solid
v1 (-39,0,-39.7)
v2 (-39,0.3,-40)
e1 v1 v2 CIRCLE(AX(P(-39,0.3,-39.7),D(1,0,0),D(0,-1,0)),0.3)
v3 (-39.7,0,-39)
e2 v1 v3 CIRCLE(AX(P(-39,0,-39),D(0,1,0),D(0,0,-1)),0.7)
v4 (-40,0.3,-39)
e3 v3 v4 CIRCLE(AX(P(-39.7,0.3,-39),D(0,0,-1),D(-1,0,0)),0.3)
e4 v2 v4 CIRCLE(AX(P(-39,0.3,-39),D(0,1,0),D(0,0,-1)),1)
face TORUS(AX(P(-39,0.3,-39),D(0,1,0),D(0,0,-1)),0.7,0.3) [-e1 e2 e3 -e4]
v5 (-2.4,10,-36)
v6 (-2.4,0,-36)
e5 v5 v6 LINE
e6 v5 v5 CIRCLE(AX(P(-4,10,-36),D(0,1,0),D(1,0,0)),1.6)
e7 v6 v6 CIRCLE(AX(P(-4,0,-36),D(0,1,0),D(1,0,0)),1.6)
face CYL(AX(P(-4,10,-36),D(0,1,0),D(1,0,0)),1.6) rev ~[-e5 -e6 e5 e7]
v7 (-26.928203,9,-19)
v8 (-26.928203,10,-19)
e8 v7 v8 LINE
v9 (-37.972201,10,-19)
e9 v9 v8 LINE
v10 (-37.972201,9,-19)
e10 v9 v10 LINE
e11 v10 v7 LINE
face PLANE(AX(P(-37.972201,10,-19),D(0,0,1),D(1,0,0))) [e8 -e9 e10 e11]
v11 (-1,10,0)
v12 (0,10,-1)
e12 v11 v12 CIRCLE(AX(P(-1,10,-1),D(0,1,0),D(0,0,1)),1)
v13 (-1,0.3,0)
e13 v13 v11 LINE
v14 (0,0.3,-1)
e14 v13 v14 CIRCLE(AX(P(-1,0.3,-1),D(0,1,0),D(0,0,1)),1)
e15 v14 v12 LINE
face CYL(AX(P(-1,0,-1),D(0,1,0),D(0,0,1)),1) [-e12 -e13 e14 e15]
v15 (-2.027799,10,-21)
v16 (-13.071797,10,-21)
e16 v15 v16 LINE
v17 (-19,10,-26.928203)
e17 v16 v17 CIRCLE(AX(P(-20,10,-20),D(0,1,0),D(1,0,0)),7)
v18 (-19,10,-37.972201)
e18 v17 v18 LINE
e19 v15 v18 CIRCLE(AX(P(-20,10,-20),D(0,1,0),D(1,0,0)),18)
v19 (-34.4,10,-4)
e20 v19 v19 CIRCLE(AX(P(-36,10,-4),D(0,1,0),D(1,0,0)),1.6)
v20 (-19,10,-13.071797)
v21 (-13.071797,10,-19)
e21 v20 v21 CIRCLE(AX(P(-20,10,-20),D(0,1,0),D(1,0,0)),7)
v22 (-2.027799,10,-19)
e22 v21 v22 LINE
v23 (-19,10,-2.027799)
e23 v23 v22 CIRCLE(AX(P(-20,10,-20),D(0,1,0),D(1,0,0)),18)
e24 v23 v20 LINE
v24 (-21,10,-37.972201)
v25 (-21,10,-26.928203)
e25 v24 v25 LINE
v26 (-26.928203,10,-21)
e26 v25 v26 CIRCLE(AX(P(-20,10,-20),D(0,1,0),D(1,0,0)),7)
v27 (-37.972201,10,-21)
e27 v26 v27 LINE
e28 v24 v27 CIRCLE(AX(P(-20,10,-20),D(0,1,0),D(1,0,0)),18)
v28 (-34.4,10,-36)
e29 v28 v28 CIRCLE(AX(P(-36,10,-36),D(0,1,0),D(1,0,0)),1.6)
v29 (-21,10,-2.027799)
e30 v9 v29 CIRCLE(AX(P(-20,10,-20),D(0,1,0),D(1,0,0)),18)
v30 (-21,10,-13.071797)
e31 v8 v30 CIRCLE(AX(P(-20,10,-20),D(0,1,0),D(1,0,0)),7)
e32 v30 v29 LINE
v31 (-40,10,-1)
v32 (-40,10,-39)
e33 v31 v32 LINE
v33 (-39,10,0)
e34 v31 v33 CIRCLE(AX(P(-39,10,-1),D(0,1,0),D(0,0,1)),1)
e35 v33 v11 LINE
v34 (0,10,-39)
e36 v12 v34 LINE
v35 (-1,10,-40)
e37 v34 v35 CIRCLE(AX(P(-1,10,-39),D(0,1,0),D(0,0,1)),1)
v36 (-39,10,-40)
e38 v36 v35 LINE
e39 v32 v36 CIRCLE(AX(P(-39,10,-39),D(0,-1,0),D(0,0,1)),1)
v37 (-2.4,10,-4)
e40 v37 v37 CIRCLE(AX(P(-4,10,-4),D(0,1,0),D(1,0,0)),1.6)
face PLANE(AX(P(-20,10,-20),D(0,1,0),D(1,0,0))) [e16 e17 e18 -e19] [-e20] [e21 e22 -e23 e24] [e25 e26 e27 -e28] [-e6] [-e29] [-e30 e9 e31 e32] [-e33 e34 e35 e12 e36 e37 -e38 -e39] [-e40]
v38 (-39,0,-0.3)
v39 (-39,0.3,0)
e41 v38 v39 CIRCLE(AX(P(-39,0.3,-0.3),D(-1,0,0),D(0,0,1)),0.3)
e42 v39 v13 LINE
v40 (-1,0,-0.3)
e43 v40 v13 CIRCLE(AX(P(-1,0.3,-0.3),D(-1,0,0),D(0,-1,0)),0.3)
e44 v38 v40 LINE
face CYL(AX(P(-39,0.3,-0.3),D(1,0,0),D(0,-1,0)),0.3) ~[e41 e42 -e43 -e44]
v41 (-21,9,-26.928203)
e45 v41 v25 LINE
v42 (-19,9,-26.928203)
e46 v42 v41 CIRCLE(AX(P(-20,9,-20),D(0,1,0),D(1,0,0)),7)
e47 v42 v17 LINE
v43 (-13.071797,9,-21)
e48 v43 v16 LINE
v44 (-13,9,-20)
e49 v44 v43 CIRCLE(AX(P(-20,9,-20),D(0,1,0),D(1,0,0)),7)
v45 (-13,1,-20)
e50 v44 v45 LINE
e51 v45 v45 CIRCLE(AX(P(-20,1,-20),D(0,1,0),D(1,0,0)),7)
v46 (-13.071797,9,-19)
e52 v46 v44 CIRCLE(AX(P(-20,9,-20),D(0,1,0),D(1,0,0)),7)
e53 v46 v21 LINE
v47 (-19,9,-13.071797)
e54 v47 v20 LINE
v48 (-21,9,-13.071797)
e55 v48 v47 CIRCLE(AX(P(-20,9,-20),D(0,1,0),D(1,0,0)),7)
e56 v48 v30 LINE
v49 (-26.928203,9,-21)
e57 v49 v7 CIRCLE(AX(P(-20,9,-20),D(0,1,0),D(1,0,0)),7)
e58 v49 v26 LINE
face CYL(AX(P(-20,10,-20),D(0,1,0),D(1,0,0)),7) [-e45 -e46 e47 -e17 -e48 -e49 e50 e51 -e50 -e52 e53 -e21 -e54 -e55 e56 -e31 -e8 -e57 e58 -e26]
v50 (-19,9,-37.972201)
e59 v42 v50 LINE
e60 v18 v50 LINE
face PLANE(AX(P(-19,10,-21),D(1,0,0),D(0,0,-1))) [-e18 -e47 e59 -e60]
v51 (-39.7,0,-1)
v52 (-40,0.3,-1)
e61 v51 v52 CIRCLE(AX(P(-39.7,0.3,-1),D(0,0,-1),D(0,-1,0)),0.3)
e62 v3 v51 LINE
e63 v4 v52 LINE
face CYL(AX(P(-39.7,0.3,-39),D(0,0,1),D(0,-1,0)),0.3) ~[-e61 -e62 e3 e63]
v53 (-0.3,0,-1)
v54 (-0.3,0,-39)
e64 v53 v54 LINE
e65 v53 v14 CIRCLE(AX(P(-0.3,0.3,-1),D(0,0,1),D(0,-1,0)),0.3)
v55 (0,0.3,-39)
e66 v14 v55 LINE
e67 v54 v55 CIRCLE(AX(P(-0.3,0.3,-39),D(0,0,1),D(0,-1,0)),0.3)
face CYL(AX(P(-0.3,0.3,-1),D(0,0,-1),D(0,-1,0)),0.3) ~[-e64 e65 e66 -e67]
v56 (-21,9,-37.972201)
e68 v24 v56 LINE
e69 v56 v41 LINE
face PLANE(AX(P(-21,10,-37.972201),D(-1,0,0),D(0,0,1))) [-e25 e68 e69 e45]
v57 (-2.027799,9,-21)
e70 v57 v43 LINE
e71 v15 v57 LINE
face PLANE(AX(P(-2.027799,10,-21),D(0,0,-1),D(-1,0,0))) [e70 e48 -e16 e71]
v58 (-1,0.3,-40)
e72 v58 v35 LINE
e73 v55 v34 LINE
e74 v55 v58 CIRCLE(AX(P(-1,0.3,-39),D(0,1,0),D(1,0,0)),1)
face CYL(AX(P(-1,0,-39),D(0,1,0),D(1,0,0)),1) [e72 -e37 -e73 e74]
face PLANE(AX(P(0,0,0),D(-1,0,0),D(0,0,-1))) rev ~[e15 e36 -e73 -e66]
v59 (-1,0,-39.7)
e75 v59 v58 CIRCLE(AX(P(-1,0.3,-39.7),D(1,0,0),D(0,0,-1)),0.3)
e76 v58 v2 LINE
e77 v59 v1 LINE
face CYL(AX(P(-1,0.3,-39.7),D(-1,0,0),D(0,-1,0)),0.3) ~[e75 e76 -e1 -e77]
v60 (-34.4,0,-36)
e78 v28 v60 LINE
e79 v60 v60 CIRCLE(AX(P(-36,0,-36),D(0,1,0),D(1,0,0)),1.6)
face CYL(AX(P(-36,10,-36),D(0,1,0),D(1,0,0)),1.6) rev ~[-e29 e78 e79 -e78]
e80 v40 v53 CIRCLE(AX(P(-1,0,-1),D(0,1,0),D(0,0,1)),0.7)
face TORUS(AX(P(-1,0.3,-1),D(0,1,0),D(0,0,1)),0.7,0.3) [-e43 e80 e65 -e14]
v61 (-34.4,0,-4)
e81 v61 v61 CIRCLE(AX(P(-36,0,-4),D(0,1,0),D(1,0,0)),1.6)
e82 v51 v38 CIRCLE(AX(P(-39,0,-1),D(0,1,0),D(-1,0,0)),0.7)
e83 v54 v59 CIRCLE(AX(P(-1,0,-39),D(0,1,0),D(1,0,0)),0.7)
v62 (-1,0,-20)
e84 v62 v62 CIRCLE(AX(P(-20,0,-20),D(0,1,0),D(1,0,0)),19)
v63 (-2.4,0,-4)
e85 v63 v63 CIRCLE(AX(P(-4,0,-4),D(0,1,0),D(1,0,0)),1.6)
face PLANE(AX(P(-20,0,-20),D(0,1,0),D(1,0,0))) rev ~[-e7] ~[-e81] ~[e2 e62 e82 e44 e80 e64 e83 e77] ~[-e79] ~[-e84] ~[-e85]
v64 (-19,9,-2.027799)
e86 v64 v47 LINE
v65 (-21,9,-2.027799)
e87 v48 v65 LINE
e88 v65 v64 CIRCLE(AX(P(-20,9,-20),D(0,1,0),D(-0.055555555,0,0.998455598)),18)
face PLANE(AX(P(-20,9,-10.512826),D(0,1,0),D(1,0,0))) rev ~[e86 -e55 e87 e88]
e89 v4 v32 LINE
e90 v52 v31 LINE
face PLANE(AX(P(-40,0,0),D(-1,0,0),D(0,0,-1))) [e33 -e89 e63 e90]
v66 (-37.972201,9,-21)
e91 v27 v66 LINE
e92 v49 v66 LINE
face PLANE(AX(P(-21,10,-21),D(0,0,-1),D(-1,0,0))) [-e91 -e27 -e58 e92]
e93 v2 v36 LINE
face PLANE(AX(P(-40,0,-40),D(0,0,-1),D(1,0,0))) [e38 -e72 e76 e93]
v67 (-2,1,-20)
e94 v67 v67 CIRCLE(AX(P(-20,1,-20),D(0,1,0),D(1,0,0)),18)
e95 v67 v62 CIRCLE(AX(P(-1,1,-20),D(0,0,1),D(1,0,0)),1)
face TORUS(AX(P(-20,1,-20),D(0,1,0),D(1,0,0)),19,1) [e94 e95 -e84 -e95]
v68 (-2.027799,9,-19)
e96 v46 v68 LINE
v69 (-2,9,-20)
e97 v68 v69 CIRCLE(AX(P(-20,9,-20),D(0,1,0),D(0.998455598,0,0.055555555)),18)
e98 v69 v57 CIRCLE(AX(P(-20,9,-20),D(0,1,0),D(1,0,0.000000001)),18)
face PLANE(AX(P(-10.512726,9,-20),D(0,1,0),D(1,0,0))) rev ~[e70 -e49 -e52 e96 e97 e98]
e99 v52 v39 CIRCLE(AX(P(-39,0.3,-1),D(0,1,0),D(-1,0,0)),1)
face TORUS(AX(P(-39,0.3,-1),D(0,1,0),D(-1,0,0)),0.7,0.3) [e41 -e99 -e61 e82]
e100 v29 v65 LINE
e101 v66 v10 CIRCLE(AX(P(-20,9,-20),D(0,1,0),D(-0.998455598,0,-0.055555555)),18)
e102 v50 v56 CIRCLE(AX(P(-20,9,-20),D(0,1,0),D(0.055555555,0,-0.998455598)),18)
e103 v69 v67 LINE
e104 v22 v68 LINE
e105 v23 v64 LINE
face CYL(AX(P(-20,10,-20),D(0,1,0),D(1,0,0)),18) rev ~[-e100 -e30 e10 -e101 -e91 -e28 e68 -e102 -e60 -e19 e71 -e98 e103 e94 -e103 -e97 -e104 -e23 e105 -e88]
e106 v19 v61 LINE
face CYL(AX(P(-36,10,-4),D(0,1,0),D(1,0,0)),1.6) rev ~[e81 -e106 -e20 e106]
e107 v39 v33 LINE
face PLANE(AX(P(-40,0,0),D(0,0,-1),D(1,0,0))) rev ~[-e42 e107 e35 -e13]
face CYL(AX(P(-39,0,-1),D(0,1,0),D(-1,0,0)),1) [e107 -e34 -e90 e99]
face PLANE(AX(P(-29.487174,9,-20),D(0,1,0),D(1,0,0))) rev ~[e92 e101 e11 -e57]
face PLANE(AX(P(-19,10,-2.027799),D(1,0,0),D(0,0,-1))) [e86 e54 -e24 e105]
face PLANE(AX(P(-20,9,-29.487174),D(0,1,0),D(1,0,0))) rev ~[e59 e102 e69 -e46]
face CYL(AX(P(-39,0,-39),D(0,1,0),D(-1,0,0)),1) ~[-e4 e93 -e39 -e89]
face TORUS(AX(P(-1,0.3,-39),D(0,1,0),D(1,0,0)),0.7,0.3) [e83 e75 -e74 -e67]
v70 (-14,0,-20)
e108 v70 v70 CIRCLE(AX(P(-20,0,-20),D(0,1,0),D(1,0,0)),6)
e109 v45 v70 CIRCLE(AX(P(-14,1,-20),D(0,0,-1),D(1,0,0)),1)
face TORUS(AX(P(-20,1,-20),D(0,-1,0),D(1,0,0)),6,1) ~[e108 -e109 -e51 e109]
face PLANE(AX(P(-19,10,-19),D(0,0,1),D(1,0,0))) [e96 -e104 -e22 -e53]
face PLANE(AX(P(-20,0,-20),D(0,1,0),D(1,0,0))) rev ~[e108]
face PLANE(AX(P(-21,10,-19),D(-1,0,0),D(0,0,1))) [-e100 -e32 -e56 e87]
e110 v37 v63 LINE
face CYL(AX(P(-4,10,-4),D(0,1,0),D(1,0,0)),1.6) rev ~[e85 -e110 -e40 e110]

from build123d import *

# Parameters (mm, degrees)
SKETCH1_W           = 40
SKETCH1_H           = 40
BOSS_EXTRUDE1_DEPTH = 10
FILLET1_R           = 1
SKETCH2_R           = 18
SKETCH2_R_2         = 7
CUT_EXTRUDE2_DEPTH  = 10
SKETCH3_R           = 1.6
CUT_EXTRUDE3_DEPTH  = 11
BOSS_EXTRUDE2_DEPTH = 1
FILLET2_R           = 1
FILLET3_R           = 1
FILLET4_R           = 0.3


with BuildPart() as part:
    # Sketch1 → Boss-Extrude1 (new body)
    with BuildSketch(Plane(origin=(0, 0, 0), x_dir=(1, 0, 0), z_dir=(0, 1, 0))):
        with Locations((-20, 20)):
            Rectangle(SKETCH1_W, SKETCH1_H)
    extrude(amount=BOSS_EXTRUDE1_DEPTH)

    # Fillet1
    fillet1_edges = [part.edges().sort_by_distance(p)[0] for p in [
        (0, 5, 0),
        (-40, 5, 0),
        (-40, 5, -40),
        (0, 5, -40),
    ]]
    fillet(fillet1_edges, radius=FILLET1_R)

    # Sketch2 → Cut-Extrude2 (cut)
    with BuildSketch(Plane(origin=(0, 10, 0), x_dir=(1, 0, 0), z_dir=(0, 1, 0))):
        with Locations((-20, 20)):
            Circle(SKETCH2_R)
        with Locations((-20, 20)):
            Circle(SKETCH2_R_2, mode=Mode.SUBTRACT)
    extrude(amount=-CUT_EXTRUDE2_DEPTH, mode=Mode.SUBTRACT)

    # Sketch3 → Cut-Extrude3 (cut, through all)
    with BuildSketch(Plane(origin=(0, 10, 0), x_dir=(1, 0, 0), z_dir=(0, 1, 0))):
        with Locations((-36, 36)):
            Circle(SKETCH3_R)
        with Locations((-4, 36)):
            Circle(SKETCH3_R)
        with Locations((-4, 4)):
            Circle(SKETCH3_R)
        with Locations((-36, 4)):
            Circle(SKETCH3_R)
    extrude(amount=-CUT_EXTRUDE3_DEPTH, mode=Mode.SUBTRACT)

    # Sketch7 → Boss-Extrude2 (add)
    with BuildSketch(Plane(origin=(0, 10, 0), x_dir=(1, 0, 0), z_dir=(0, 1, 0))):
        with BuildLine():
            Line((-21, 21), (-37.972200756, 21))
            ThreePointArc((-37.972200756, 21), (-38, 20), (-37.972200756, 19))
            Line((-37.972200756, 19), (-21, 19))
            Line((-21, 19), (-21, 21))
        make_face()
        with BuildLine():
            Line((-21, 37.972200756), (-21, 21))
            Line((-21, 21), (-19, 21))
            Line((-19, 21), (-19, 37.972200756))
            ThreePointArc((-19, 37.972200756), (-20, 38), (-21, 37.972200756))
        make_face()
        with BuildLine():
            Line((-2.027799244, 21), (-19, 21))
            Line((-19, 21), (-19, 19))
            Line((-19, 19), (-2.027799244, 19))
            ThreePointArc((-2.027799244, 19), (-2.006951153, 19.499806838), (-2, 20))
            ThreePointArc((-2, 20), (-2.006951153, 20.500193162), (-2.027799244, 21))
        make_face()
        with BuildLine():
            Line((-19, 19), (-21, 19))
            Line((-21, 19), (-21, 2.027799244))
            ThreePointArc((-21, 2.027799244), (-20, 2), (-19, 2.027799244))
            Line((-19, 2.027799244), (-19, 19))
        make_face()
    extrude(amount=-BOSS_EXTRUDE2_DEPTH)

    # Fillet2
    fillet2_edges = [part.edges().sort_by_distance(p)[0] for p in [
        (-27, 0, -20),
    ]]
    fillet(fillet2_edges, radius=FILLET2_R)

    # Fillet3
    fillet3_edges = [part.edges().sort_by_distance(p)[0] for p in [
        (-38, 0, -20),
    ]]
    fillet(fillet3_edges, radius=FILLET3_R)

    # Fillet4
    fillet4_edges = [part.edges().sort_by_distance(p)[0] for p in [
        (0, 0, -20),
        (-20, 0, -40),
        (-40, 0, -20),
        (-20, 0, 0),
        (-0.292893219, 0, -39.707106781),
        (-0.292893219, 0, -0.292893219),
        (-39.707106781, 0, -0.292893219),
        (-39.707106781, 0, -39.707106781),
    ]]
    fillet(fillet4_edges, radius=FILLET4_R)


solid = part.part
